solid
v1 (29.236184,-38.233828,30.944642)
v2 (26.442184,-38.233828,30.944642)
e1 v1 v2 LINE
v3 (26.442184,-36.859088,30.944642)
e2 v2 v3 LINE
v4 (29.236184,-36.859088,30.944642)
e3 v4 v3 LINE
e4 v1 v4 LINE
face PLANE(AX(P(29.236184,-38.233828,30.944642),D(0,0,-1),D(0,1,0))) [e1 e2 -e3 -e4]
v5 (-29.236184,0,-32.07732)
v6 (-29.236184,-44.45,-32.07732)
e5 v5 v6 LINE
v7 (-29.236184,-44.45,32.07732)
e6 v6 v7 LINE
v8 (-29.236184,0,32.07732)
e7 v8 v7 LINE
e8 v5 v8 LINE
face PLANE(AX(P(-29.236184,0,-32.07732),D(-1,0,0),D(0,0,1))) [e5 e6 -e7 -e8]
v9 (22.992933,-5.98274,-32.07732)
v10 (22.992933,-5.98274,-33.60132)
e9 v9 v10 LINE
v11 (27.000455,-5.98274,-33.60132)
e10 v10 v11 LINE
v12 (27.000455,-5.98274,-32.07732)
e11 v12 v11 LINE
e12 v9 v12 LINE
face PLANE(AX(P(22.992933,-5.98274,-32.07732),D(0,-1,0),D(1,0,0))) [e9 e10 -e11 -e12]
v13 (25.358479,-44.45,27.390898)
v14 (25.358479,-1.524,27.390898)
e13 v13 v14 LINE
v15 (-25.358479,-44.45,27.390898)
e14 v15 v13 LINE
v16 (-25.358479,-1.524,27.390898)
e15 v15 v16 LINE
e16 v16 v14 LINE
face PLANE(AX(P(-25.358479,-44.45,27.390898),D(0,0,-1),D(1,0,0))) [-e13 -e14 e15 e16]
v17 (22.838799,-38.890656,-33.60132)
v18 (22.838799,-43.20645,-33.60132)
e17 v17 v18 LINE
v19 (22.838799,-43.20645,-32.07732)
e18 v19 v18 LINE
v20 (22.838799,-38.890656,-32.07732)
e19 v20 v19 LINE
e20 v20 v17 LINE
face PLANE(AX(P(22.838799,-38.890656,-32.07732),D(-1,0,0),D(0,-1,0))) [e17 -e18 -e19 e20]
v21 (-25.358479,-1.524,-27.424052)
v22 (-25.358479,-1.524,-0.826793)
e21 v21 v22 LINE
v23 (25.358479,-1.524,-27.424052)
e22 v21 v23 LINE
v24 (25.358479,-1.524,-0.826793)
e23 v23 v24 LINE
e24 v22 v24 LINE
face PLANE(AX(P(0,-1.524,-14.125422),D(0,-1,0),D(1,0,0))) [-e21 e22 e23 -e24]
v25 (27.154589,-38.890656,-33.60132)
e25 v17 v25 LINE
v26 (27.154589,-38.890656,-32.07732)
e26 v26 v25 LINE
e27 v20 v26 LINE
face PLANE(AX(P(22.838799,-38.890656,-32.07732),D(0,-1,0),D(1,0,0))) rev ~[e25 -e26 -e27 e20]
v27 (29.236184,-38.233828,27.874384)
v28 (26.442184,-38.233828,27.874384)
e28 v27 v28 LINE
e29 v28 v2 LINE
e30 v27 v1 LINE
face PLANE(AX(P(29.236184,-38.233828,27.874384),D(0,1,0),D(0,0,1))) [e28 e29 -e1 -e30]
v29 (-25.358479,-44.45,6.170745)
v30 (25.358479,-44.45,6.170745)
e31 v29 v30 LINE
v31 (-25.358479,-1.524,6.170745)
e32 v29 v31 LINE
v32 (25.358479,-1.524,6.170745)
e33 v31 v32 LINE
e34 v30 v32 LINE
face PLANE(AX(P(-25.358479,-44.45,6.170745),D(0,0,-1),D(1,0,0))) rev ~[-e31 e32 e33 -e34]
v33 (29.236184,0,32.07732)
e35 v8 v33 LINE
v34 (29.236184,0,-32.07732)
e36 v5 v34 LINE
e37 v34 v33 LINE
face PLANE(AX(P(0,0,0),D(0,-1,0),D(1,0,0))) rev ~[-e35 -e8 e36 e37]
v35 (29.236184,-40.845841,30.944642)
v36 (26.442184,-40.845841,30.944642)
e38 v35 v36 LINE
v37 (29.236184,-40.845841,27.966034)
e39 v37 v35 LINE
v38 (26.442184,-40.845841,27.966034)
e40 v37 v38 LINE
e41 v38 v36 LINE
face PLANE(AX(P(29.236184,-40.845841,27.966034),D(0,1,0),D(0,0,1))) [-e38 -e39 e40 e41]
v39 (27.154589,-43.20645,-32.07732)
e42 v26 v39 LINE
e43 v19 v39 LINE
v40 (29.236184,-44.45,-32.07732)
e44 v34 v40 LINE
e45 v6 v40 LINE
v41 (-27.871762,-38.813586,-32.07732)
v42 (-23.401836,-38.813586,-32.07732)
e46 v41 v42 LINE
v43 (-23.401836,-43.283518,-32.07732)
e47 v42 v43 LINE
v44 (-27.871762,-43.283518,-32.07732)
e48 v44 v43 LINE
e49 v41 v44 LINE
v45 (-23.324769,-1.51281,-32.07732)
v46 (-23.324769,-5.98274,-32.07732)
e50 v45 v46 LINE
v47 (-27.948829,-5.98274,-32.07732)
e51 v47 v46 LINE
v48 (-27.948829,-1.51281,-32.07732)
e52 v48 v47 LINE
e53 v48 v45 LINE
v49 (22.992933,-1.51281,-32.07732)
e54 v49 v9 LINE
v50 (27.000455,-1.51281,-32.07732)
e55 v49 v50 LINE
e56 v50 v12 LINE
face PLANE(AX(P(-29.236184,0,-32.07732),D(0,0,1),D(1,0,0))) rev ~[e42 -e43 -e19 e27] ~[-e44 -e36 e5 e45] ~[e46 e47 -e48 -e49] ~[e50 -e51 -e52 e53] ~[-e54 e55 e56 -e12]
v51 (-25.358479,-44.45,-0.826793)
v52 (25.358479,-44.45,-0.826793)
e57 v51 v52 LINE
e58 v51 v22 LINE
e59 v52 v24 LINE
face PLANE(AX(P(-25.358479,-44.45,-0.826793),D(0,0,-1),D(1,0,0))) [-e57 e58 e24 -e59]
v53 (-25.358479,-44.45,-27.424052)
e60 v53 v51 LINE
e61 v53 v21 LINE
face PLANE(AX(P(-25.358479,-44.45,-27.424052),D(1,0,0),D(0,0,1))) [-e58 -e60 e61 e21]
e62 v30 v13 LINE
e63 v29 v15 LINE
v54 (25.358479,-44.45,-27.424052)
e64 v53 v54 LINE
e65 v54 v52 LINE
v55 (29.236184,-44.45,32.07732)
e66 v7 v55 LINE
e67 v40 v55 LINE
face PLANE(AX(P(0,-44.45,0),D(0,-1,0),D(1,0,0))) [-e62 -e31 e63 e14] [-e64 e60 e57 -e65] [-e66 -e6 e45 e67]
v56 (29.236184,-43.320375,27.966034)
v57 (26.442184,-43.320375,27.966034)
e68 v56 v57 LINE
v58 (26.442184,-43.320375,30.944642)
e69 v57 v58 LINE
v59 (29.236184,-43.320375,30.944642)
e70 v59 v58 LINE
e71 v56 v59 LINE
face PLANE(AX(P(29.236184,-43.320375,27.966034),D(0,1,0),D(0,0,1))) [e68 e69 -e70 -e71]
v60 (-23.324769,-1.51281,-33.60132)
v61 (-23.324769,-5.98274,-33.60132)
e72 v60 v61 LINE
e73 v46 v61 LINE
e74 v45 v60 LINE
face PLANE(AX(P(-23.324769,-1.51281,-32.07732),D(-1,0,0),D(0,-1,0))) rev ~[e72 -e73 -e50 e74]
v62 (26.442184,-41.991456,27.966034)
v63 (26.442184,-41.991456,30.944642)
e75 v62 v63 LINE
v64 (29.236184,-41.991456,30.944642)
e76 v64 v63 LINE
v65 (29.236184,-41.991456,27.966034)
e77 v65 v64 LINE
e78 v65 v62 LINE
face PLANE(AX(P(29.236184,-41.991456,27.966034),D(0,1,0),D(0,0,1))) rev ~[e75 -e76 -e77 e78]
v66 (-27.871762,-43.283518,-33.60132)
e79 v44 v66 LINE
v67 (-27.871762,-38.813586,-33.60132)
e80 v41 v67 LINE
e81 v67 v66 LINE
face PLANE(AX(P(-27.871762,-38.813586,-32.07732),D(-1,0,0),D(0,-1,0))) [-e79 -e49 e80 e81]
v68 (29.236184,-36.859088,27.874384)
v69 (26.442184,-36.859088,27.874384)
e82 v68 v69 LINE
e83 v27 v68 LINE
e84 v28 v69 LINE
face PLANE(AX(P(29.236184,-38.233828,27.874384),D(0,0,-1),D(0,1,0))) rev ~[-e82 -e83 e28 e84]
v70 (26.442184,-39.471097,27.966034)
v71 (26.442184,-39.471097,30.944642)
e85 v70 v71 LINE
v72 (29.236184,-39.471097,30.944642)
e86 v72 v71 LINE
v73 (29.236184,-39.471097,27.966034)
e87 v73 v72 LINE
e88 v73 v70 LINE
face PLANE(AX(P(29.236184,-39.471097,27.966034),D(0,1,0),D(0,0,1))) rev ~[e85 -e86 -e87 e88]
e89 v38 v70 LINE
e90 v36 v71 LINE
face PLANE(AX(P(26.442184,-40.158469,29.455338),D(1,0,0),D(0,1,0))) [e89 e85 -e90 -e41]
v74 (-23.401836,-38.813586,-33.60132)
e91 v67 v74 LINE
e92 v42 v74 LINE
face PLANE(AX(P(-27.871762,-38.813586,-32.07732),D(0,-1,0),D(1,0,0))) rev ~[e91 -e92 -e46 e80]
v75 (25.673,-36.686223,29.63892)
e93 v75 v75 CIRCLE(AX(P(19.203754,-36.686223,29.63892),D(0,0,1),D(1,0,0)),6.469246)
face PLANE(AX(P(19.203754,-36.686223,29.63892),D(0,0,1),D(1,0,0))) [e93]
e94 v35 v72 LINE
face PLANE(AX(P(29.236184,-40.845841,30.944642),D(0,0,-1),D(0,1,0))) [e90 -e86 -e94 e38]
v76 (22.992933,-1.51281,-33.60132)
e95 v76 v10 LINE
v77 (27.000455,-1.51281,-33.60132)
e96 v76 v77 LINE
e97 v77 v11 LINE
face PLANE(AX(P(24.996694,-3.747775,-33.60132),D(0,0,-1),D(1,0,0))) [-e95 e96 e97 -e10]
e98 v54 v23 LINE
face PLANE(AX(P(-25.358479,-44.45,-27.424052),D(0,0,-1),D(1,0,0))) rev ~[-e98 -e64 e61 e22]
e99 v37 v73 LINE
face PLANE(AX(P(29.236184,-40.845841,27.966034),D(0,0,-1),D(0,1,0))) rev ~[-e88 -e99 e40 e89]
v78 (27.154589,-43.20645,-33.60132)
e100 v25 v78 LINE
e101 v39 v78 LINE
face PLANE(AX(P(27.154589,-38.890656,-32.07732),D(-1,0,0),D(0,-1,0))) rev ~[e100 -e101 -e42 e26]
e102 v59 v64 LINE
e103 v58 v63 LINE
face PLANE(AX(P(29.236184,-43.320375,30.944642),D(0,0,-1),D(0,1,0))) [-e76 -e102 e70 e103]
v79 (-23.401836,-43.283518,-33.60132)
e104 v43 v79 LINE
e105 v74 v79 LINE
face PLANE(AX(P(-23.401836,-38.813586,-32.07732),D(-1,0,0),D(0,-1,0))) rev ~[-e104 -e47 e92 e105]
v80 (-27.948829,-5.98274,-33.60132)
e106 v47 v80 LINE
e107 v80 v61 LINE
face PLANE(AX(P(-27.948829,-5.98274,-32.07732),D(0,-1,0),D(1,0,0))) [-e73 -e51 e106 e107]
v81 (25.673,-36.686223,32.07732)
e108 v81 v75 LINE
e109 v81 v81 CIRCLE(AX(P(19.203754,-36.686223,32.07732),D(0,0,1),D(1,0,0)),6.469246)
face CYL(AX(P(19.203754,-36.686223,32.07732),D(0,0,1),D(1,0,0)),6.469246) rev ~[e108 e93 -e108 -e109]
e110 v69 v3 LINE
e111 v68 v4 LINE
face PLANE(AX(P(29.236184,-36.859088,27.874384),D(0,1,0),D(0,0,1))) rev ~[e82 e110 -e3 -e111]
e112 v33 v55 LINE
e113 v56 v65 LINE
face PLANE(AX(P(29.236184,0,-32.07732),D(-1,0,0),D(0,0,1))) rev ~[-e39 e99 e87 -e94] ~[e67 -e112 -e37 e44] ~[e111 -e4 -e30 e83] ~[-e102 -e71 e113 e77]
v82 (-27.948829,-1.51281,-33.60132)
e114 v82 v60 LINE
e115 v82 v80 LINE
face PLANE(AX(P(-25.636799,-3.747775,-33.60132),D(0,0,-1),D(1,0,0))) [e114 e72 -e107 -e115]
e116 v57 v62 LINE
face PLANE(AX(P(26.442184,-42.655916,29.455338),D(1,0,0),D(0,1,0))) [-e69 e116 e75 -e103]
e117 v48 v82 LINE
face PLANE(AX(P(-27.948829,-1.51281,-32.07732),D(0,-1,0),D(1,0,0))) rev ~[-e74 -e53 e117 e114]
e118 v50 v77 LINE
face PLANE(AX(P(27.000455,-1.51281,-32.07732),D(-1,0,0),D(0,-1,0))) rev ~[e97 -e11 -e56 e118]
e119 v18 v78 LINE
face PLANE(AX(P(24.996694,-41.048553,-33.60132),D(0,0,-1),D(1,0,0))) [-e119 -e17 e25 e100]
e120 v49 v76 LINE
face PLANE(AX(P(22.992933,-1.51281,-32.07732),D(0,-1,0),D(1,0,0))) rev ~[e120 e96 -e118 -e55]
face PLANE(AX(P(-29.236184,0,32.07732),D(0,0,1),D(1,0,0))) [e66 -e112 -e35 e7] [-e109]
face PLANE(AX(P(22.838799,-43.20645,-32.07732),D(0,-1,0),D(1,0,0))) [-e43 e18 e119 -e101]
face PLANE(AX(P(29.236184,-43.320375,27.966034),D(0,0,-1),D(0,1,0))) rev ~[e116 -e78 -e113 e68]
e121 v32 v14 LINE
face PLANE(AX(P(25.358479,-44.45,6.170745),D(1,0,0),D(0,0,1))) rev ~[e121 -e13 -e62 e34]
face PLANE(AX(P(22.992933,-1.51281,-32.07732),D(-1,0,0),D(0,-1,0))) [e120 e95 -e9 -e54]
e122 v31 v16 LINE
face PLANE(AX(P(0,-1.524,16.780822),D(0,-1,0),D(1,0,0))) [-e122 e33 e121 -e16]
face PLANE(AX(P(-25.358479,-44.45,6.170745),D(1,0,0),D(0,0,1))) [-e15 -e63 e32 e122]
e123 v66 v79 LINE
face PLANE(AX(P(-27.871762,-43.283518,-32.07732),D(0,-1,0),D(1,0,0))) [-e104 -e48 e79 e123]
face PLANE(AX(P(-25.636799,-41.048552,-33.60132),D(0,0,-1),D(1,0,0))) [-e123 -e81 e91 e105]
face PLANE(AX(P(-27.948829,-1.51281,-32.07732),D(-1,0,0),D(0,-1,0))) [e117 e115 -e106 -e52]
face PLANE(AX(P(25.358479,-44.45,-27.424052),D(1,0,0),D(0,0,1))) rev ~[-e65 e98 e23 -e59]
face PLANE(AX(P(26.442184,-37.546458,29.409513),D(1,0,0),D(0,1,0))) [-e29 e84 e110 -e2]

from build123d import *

# Parameters (mm, degrees)
F0_W     = 58.472368
F0_H     = 64.15464
F1_DEPTH = 44.45
F2_W     = 50.716958
F2_H     = 26.597259
F2_H_2   = 21.220153
F3_DEPTH = 42.926
F4_W     = 4.469927
F4_H     = 4.469931
F4_W_2   = 4.624061
F4_H_2   = 4.46993
F4_W_3   = 4.007522
F4_W_4   = 4.31579
F4_H_3   = 4.315794
F5_DEPTH = 1.524
F6_R     = 6.469246
F7_DEPTH = 2.4384
F8_W     = 1.37474
F8_H     = 3.070258
F8_W_2   = 1.374744
F8_H_2   = 2.978608
F8_W_3   = 1.328919
F9_DEPTH = 2.794


with BuildPart() as f1:
    # F0 (on Front) → F1 (new body)
    with BuildSketch(Plane.XZ):
        Rectangle(F0_W, F0_H)
    extrude(amount=F1_DEPTH)

    # F2 (on face) → F3 (cut)
    with BuildSketch(Plane.XZ.offset(44.45)):
        with Locations((0, -14.125422)):
            Rectangle(F2_W, F2_H)
        with Locations((0, 16.780822)):
            Rectangle(F2_W, F2_H_2)
    extrude(amount=-F3_DEPTH, mode=Mode.SUBTRACT)

    # F4 (on face) → F5 (join)
    with BuildSketch(Plane(origin=(0, 0, -32.07732), x_dir=(1, 0, 0), z_dir=(0, 0, -1))):
        with Locations((-25.636799, 41.048552)):
            Rectangle(F4_W, F4_H)
        with Locations((-25.636799, 3.747775)):
            Rectangle(F4_W_2, F4_H_2)
        with Locations((24.996694, 3.747775)):
            Rectangle(F4_W_3, F4_H_2)
        with Locations((24.996694, 41.048553)):
            Rectangle(F4_W_4, F4_H_3)
    extrude(amount=F5_DEPTH)

    # F6 (on face) → F7 (cut)
    with BuildSketch(Plane.XY.offset(32.07732)):
        with Locations((19.203754, -36.686223)):
            Circle(F6_R)
    extrude(amount=-F7_DEPTH, mode=Mode.SUBTRACT)

    # F8 (on face) → F9 (cut)
    with BuildSketch(Plane.YZ.offset(29.236184)):
        with Locations((-37.546458, 29.409513)):
            Rectangle(F8_W, F8_H)
        with Locations((-40.158469, 29.455338)):
            Rectangle(F8_W_2, F8_H_2)
        with Locations((-42.655916, 29.455338)):
            Rectangle(F8_W_3, F8_H_2)
    extrude(amount=-F9_DEPTH, mode=Mode.SUBTRACT)


solid = f1.part
